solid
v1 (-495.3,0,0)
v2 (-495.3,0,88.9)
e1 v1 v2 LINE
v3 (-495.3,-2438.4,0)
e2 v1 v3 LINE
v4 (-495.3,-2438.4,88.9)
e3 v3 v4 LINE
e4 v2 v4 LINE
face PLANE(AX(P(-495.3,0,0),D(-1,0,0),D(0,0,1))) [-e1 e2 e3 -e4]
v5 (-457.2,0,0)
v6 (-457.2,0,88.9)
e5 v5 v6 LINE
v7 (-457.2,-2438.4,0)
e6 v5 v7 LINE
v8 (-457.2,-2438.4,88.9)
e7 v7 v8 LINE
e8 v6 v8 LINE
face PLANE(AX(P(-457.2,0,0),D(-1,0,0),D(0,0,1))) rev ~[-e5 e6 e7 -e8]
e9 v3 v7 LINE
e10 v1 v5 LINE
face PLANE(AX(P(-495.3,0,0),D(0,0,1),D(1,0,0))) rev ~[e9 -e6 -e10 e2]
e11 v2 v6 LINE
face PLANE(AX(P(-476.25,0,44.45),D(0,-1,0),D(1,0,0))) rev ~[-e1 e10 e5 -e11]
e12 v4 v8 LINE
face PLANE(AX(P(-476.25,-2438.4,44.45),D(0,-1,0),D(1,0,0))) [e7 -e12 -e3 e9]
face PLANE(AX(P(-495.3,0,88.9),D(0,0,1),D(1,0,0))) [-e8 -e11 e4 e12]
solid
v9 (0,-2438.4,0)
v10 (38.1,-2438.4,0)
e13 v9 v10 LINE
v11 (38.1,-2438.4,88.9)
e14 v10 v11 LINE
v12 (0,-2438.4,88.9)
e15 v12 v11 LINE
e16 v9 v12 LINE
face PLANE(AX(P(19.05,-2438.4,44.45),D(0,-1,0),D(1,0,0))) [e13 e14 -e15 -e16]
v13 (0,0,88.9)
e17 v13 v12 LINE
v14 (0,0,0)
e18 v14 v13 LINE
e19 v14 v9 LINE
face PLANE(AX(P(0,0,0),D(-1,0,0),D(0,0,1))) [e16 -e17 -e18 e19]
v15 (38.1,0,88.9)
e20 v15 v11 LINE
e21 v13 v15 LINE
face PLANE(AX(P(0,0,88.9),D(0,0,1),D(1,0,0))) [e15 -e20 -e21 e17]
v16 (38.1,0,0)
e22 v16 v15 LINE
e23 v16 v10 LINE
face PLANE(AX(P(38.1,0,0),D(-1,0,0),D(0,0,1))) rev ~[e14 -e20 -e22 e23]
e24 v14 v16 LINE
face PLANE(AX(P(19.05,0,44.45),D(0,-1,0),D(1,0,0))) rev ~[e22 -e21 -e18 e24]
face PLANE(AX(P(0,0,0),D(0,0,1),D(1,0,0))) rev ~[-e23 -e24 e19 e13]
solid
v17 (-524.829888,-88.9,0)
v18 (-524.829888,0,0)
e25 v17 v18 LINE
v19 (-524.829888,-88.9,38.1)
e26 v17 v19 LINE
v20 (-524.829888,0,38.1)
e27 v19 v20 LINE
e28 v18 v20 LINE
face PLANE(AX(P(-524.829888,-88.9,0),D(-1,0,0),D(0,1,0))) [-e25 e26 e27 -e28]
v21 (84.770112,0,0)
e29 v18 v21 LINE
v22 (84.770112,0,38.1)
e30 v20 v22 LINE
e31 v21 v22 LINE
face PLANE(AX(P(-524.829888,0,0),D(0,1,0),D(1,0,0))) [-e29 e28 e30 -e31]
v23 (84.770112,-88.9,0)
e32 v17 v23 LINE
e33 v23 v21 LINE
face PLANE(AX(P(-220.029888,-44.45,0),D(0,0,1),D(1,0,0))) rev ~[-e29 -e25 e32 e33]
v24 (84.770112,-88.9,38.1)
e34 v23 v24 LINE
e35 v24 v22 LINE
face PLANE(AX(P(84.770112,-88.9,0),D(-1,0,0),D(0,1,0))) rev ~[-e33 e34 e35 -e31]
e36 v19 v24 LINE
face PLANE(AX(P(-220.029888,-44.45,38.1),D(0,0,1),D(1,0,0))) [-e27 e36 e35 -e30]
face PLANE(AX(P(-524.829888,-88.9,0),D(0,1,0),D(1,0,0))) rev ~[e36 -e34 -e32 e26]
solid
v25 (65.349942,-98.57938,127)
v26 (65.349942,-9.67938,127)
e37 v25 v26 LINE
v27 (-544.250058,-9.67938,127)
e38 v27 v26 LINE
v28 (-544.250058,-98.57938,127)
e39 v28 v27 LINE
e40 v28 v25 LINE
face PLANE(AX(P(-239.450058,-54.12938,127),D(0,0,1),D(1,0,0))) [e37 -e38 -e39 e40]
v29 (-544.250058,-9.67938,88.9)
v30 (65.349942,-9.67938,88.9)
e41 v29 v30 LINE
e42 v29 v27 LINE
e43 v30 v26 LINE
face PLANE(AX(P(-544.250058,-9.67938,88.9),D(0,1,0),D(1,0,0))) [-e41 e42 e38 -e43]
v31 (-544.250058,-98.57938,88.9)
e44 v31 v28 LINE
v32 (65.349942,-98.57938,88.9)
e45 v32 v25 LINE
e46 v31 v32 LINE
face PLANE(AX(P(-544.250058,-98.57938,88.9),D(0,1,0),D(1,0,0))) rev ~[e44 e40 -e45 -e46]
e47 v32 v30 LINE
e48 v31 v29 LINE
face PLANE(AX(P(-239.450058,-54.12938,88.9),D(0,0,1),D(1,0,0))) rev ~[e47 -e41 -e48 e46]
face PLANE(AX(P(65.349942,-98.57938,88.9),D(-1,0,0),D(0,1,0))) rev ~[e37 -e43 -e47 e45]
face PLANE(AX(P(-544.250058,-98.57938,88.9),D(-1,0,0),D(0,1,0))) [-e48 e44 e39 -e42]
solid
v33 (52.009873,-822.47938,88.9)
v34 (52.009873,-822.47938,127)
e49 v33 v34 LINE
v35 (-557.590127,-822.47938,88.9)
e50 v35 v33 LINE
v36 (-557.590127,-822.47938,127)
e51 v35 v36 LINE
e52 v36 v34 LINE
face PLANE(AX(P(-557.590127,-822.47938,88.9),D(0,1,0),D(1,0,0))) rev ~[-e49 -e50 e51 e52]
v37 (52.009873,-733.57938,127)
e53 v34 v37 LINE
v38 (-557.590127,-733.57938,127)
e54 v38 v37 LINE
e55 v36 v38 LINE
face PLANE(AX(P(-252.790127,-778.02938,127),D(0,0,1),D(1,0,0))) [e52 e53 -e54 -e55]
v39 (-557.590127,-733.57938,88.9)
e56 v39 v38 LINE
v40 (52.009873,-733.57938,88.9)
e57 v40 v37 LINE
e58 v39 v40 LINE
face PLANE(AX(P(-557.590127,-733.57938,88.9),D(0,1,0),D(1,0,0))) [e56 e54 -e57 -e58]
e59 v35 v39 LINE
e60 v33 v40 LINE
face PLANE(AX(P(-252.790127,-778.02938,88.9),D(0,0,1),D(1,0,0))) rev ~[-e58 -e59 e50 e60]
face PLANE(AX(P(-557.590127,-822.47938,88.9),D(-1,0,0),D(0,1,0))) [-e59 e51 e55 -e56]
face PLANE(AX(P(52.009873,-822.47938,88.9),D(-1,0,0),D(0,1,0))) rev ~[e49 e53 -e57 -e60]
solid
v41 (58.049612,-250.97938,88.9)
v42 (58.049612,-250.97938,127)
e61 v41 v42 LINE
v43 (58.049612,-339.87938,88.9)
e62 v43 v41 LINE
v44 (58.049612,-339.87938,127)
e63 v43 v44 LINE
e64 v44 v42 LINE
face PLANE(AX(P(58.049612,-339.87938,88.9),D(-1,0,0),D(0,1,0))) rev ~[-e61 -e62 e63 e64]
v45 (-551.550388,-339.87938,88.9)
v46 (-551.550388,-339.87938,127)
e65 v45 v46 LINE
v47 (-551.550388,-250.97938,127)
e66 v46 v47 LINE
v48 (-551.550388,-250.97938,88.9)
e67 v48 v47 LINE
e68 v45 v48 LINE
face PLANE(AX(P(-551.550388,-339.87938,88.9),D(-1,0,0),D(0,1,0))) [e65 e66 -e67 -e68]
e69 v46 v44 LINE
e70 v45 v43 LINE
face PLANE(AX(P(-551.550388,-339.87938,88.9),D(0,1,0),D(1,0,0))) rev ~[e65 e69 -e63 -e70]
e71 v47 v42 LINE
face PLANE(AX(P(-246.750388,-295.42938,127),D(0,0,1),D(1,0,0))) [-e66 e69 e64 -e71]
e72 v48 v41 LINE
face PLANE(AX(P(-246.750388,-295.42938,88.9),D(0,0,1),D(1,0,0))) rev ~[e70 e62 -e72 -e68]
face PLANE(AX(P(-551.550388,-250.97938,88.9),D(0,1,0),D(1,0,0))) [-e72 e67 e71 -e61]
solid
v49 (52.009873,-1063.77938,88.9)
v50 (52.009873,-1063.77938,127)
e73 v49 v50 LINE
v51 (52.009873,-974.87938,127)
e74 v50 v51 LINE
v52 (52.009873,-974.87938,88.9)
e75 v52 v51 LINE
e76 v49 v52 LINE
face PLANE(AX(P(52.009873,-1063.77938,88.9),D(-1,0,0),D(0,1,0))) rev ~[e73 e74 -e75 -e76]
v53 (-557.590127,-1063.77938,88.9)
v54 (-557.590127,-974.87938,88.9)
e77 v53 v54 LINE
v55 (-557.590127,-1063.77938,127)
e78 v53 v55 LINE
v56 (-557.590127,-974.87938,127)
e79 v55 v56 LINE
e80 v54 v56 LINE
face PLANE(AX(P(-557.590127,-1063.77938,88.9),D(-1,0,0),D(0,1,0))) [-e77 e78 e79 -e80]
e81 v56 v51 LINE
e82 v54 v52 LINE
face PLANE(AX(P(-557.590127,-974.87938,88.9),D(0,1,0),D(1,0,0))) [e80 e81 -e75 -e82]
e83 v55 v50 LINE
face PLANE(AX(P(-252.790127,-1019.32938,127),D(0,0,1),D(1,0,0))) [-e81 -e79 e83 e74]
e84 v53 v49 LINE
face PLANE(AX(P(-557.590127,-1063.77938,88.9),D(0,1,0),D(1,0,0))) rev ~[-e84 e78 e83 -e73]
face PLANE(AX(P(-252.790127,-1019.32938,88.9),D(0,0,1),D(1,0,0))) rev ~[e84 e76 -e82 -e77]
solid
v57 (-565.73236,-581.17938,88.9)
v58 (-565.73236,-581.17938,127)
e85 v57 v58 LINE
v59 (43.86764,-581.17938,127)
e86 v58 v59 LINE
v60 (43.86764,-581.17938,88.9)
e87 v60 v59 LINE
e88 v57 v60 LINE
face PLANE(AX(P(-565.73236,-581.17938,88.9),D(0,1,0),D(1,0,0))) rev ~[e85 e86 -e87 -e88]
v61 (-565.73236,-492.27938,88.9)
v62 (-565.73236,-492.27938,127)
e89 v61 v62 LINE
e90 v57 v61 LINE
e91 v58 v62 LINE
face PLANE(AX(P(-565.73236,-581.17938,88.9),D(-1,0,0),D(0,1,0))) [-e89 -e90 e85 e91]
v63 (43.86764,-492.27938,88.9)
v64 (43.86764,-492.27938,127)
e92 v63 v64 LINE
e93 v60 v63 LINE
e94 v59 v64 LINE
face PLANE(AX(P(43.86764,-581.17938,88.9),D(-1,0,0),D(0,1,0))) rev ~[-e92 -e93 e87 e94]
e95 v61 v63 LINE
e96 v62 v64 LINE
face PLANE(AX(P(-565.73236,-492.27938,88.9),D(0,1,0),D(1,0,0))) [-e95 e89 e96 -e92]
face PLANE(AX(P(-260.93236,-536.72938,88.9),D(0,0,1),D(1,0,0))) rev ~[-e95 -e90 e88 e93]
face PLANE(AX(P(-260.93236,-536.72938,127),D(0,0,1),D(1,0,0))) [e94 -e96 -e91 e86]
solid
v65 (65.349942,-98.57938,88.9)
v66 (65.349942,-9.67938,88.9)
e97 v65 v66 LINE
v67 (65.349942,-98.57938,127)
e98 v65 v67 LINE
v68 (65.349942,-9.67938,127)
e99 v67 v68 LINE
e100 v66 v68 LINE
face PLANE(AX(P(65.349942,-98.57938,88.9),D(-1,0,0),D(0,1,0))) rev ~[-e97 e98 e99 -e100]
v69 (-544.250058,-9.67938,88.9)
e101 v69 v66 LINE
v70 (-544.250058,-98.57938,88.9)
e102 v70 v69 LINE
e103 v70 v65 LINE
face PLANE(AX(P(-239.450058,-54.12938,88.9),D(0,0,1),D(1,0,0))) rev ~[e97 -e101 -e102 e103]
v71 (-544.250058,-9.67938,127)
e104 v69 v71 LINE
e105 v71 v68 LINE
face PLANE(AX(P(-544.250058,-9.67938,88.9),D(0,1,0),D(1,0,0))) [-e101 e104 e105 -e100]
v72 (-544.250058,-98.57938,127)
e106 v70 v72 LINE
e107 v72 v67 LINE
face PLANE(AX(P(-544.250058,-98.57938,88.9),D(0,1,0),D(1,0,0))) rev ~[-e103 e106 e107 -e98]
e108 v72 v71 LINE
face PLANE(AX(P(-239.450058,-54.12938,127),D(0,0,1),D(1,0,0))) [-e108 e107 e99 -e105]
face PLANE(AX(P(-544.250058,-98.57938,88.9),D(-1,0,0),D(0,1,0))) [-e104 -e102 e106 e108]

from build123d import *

# Parameters (mm, degrees)
F0_W     = 38.1
F0_H     = 88.9
F1_DEPTH = 2438.4
F2_DEPTH = 2438.4
F3_W     = 609.6
F3_H     = 88.9
F4_DEPTH = 38.1
F6_W     = 609.6
F6_H     = 88.9
F7_DEPTH = 38.1
F8_DEPTH = 38.1


with BuildPart() as f1:
    # F0 (on Front) → F1 (new body)
    with BuildSketch(Plane.XZ):
        with Locations((-476.25, 44.45)):
            Rectangle(F0_W, F0_H)
    extrude(amount=F1_DEPTH)


with BuildPart() as f2:
    # F0 (on Front) → F2 (new body)
    with BuildSketch(Plane.XZ):
        with Locations((19.05, 44.45)):
            Rectangle(F0_W, F0_H)
    extrude(amount=F2_DEPTH)


with BuildPart() as f4:
    # F3 (on Top) → F4 (new body)
    with BuildSketch(Plane.XY):
        with Locations((-220.0298877354, -44.45)):
            Rectangle(F3_W, F3_H)
    extrude(amount=F4_DEPTH)


with BuildPart() as f7:
    # F6 (on offset) → F7 (new body)
    with BuildSketch(Plane.XY.offset(88.9)):
        with Locations((-239.4500577484, -54.1293804169)):
            Rectangle(F6_W, F6_H)
    extrude(amount=F7_DEPTH)


with BuildPart() as f8:
    # F6 (on offset) → F8 (new body)
    with BuildSketch(Plane.XY.offset(88.9)):
        with Locations((-239.4500577484, -54.1293804169)):
            Rectangle(F6_W, F6_H)
    extrude(amount=F8_DEPTH)


with BuildPart() as f8b:
    # F6 (on offset) → F8, piece 2 (new body)
    with BuildSketch(Plane.XY.offset(88.9)):
        with Locations((-246.7503883362, -295.4293804169)):
            Rectangle(F6_W, F6_H)
    extrude(amount=F8_DEPTH)


with BuildPart() as f8c:
    # F6 (on offset) → F8, piece 3 (new body)
    with BuildSketch(Plane.XY.offset(88.9)):
        with Locations((-260.9323598862, -536.7293804169)):
            Rectangle(F6_W, F6_H)
    extrude(amount=F8_DEPTH)


with BuildPart() as f8d:
    # F6 (on offset) → F8, piece 4 (new body)
    with BuildSketch(Plane.XY.offset(88.9)):
        with Locations((-252.7901269913, -778.0293804169)):
            Rectangle(F6_W, F6_H)
    extrude(amount=F8_DEPTH)


with BuildPart() as f8e:
    # F6 (on offset) → F8, piece 5 (new body)
    with BuildSketch(Plane.XY.offset(88.9)):
        with Locations((-252.7901269913, -1019.3293804169)):
            Rectangle(F6_W, F6_H)
    extrude(amount=F8_DEPTH)


solid = Compound([f1.part, f2.part, f4.part, f7.part, f8.part, f8b.part, f8c.part, f8d.part, f8e.part])
